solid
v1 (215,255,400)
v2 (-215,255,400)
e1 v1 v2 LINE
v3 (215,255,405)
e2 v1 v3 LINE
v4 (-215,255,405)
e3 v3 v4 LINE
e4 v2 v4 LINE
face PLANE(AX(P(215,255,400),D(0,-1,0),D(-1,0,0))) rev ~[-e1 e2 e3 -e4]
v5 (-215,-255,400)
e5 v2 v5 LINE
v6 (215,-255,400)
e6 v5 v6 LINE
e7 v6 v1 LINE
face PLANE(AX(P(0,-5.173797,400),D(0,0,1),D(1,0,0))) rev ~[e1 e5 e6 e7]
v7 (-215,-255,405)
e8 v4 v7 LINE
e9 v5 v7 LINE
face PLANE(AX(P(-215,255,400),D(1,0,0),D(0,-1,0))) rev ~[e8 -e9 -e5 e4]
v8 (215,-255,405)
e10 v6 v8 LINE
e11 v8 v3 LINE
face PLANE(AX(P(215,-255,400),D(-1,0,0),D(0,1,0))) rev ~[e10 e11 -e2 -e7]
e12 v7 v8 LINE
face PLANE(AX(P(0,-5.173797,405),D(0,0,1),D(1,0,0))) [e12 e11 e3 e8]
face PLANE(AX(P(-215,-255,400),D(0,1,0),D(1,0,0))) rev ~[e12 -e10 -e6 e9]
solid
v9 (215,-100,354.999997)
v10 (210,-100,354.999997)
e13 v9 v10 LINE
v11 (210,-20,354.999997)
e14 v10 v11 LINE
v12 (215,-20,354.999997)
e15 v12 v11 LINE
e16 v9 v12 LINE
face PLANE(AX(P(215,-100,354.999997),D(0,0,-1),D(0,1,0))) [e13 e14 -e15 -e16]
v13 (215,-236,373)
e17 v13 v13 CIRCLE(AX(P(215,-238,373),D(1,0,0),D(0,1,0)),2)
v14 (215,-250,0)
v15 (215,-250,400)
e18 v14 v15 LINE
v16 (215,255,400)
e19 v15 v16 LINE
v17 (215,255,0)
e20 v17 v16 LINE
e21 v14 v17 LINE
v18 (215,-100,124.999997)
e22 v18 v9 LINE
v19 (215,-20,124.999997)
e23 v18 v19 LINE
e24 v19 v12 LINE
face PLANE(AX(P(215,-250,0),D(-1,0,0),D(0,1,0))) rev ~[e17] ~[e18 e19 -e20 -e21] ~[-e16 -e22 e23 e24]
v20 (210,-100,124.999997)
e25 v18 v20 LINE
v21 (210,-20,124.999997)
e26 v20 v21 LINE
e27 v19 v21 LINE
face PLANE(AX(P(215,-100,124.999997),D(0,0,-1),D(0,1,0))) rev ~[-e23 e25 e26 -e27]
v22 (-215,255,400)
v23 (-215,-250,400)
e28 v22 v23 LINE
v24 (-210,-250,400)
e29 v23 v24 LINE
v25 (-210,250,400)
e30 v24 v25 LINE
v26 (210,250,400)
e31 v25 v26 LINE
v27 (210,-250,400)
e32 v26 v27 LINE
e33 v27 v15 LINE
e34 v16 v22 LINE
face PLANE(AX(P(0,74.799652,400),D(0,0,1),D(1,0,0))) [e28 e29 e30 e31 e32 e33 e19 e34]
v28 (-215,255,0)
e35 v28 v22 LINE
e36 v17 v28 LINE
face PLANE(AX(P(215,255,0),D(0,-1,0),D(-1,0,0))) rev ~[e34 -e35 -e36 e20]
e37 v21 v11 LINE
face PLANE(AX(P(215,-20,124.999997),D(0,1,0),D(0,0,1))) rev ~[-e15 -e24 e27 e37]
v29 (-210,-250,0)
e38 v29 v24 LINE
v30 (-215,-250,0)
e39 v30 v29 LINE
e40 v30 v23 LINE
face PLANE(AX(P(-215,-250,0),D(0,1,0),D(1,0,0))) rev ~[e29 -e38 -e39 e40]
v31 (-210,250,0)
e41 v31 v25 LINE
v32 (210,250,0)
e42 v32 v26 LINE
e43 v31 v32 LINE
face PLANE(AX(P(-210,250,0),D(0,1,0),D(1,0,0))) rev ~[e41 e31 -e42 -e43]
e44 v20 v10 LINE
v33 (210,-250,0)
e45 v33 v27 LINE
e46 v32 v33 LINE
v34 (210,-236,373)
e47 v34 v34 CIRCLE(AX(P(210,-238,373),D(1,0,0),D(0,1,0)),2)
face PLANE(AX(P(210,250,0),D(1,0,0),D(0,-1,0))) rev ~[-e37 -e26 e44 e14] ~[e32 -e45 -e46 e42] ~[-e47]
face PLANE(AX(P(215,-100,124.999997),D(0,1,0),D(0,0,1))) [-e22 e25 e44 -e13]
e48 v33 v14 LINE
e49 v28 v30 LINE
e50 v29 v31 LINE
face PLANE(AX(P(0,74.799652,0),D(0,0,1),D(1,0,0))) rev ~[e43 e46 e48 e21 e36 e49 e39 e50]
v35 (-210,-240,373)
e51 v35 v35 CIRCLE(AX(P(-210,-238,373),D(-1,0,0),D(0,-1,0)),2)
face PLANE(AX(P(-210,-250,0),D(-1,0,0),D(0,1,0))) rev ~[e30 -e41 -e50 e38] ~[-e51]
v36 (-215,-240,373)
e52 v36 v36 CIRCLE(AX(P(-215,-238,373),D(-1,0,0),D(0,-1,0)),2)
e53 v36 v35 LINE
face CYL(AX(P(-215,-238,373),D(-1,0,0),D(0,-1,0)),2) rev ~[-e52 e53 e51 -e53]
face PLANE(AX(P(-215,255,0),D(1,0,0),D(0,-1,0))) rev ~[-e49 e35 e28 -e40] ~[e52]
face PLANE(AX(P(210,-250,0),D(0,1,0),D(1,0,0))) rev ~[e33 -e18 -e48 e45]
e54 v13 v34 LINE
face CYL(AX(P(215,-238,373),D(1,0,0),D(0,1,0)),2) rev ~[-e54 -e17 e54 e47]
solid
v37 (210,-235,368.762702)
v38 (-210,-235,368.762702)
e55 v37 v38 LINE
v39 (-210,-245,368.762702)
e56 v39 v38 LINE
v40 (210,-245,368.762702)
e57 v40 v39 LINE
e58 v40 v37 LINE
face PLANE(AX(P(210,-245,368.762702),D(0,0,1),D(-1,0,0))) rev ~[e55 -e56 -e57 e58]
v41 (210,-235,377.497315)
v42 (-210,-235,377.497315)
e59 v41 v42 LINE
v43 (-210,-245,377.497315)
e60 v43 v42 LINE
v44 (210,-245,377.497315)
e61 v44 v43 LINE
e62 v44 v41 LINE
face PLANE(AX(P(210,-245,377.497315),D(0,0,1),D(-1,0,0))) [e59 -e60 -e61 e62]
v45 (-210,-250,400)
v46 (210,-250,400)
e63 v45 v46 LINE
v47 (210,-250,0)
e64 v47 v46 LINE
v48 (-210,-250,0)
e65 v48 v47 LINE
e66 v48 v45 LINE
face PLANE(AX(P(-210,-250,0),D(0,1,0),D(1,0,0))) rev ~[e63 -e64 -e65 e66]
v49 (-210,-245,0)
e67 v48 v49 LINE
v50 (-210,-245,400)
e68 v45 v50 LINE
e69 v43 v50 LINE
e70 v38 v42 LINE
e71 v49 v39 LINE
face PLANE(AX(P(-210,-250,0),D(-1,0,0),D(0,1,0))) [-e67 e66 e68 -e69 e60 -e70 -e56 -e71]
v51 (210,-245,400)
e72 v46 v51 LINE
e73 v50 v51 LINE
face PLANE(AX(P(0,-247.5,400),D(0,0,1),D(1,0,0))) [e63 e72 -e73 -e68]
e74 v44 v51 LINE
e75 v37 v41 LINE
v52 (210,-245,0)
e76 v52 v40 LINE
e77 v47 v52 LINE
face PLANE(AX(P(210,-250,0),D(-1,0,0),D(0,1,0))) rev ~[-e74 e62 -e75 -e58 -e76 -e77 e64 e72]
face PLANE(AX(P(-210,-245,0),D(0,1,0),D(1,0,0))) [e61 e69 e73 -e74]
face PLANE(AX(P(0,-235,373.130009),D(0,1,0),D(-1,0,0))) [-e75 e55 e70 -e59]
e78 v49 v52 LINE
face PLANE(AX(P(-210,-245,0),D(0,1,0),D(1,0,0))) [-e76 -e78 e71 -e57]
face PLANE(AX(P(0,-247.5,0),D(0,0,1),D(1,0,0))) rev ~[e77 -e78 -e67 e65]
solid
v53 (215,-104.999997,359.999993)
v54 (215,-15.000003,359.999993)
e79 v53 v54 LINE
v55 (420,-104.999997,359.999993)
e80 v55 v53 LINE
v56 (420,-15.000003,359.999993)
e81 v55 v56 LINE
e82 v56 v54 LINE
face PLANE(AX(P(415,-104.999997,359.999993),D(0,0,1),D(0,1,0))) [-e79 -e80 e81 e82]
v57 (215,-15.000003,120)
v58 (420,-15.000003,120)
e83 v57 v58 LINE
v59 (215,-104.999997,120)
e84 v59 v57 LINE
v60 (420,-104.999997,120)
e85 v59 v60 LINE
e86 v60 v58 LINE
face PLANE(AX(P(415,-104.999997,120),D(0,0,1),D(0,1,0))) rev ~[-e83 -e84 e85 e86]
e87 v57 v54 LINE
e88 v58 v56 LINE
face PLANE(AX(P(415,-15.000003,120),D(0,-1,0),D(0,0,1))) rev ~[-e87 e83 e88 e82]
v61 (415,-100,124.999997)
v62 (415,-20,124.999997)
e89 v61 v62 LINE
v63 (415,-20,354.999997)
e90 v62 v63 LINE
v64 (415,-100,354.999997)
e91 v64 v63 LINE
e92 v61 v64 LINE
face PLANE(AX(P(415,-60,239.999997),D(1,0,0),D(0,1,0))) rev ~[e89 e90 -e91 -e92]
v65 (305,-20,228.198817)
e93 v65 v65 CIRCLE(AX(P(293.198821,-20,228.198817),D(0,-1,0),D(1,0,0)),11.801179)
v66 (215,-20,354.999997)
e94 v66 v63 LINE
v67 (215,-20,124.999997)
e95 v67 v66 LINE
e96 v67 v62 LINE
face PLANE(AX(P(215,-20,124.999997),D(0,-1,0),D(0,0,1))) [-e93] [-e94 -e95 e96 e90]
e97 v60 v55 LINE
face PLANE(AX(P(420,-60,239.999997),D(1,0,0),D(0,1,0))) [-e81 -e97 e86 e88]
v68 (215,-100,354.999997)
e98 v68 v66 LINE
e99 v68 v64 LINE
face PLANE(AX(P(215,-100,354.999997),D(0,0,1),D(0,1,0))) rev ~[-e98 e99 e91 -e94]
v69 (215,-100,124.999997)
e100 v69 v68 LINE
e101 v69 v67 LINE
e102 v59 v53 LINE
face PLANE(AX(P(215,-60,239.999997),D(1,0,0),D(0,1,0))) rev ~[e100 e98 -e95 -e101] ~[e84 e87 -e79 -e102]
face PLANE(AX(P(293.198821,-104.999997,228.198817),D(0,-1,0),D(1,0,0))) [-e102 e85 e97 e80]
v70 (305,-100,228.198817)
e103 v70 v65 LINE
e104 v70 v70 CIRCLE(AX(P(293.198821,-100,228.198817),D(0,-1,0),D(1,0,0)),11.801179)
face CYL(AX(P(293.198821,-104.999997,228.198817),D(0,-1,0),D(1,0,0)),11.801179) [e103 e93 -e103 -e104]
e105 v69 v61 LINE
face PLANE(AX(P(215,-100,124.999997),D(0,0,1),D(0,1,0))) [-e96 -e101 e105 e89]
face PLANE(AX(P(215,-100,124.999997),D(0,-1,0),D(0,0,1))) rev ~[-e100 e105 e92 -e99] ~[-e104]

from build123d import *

# Parameters (mm, degrees)
F1_DEPTH  = 400
F3_DEPTH  = 5
F4_R      = 2
F5_DEPTH  = 5
F6_R      = 2
F7_DEPTH  = 5
F6_W      = 80
F6_H      = 230
F8_DEPTH  = 5
F6_W_2    = 89.9999934435
F6_H_2    = 239.9999934435
F9_DEPTH  = 200
F10_W     = 89.9999934435
F10_H     = 239.9999934435
F11_DEPTH = 5
F12_R     = 11.8011794923
F13_DEPTH = 84.9999967217
F0_W      = 420
F0_H      = 5
F14_DEPTH = 400
F15_W     = 420
F15_H     = 8.734613657
F16_DEPTH = 10


with BuildPart() as f1:
    # F0 (on Top) → F1 (new body)
    with BuildSketch(Plane.XY):
        Polygon((210, -245), (210, -250), (215, -250), (215, 255), (-215, 255), (-215, -250), (-210, -250), (-210, -245), (-210, 250), (210, 250), align=None)
    extrude(amount=F1_DEPTH)

    # F4 (on face) → F5 (cut, through all)
    with BuildSketch(Plane(origin=(-215, 0, 0), x_dir=(0, -1, 0), z_dir=(-1, 0, 0))):
        with Locations((238, 373)):
            Circle(F4_R)
    extrude(amount=-F5_DEPTH, mode=Mode.SUBTRACT)

    # F6 (on face) → F7 (cut, through all)
    with BuildSketch(Plane.YZ.offset(215)):
        with Locations((-238, 373)):
            Circle(F6_R)
    extrude(amount=-F7_DEPTH, mode=Mode.SUBTRACT)

    # F6 (on face) → F8 (cut, through all)
    with BuildSketch(Plane.YZ.offset(215)):
        with Locations((-60, 239.9999967217)):
            Rectangle(F6_W, F6_H)
    extrude(amount=-F8_DEPTH, mode=Mode.SUBTRACT)


with BuildPart() as f3:
    # F2 (on face) → F3 (new body)
    with BuildSketch(Plane.XY.offset(400)):
        Polygon((215, -255), (215, -250), (210, -250), (210, 250), (-210, 250), (-210, -250), (-215, -250), (-215, -255), align=None)
        Polygon((215, -250), (215, 255), (-215, 255), (-215, -250), (-210, -250), (-210, 250), (210, 250), (210, -250), align=None)
    extrude(amount=F3_DEPTH)


with BuildPart() as f9:
    # F6 (on face) → F9 (new body)
    with BuildSketch(Plane.YZ.offset(215)):
        with Locations((-60, 239.9999967217)):
            Rectangle(F6_W_2, F6_H_2)
        with Locations((-60, 239.9999967217)):
            Rectangle(F6_W, F6_H, mode=Mode.SUBTRACT)
    extrude(amount=F9_DEPTH)

    # F10 (on face) → F11 (join)
    with BuildSketch(Plane.YZ.offset(415)):
        with Locations((-60, 239.9999967217)):
            Rectangle(F10_W, F10_H)
    extrude(amount=F11_DEPTH)

    # F12 (on face) → F13 (join, through all)
    with BuildSketch(Plane.XZ.offset(104.9999967217)):
        with Locations((293.1988205077, 228.1988172294)):
            Circle(F12_R)
    extrude(amount=-F13_DEPTH)


with BuildPart() as f14:
    # F0 (on Top) → F14 (new body, through all)
    with BuildSketch(Plane.XY):
        with Locations((0, -247.5)):
            Rectangle(F0_W, F0_H)
    extrude(amount=F14_DEPTH)

    # F15 (on face) → F16 (join)
    with BuildSketch(Plane(origin=(0, -245, 0), x_dir=(-1, 0, 0), z_dir=(0, 1, 0))):
        with Locations((0, 373.1300085784)):
            Rectangle(F15_W, F15_H)
    extrude(amount=F16_DEPTH)


solid = Compound([f1.part, f3.part, f9.part, f14.part])
